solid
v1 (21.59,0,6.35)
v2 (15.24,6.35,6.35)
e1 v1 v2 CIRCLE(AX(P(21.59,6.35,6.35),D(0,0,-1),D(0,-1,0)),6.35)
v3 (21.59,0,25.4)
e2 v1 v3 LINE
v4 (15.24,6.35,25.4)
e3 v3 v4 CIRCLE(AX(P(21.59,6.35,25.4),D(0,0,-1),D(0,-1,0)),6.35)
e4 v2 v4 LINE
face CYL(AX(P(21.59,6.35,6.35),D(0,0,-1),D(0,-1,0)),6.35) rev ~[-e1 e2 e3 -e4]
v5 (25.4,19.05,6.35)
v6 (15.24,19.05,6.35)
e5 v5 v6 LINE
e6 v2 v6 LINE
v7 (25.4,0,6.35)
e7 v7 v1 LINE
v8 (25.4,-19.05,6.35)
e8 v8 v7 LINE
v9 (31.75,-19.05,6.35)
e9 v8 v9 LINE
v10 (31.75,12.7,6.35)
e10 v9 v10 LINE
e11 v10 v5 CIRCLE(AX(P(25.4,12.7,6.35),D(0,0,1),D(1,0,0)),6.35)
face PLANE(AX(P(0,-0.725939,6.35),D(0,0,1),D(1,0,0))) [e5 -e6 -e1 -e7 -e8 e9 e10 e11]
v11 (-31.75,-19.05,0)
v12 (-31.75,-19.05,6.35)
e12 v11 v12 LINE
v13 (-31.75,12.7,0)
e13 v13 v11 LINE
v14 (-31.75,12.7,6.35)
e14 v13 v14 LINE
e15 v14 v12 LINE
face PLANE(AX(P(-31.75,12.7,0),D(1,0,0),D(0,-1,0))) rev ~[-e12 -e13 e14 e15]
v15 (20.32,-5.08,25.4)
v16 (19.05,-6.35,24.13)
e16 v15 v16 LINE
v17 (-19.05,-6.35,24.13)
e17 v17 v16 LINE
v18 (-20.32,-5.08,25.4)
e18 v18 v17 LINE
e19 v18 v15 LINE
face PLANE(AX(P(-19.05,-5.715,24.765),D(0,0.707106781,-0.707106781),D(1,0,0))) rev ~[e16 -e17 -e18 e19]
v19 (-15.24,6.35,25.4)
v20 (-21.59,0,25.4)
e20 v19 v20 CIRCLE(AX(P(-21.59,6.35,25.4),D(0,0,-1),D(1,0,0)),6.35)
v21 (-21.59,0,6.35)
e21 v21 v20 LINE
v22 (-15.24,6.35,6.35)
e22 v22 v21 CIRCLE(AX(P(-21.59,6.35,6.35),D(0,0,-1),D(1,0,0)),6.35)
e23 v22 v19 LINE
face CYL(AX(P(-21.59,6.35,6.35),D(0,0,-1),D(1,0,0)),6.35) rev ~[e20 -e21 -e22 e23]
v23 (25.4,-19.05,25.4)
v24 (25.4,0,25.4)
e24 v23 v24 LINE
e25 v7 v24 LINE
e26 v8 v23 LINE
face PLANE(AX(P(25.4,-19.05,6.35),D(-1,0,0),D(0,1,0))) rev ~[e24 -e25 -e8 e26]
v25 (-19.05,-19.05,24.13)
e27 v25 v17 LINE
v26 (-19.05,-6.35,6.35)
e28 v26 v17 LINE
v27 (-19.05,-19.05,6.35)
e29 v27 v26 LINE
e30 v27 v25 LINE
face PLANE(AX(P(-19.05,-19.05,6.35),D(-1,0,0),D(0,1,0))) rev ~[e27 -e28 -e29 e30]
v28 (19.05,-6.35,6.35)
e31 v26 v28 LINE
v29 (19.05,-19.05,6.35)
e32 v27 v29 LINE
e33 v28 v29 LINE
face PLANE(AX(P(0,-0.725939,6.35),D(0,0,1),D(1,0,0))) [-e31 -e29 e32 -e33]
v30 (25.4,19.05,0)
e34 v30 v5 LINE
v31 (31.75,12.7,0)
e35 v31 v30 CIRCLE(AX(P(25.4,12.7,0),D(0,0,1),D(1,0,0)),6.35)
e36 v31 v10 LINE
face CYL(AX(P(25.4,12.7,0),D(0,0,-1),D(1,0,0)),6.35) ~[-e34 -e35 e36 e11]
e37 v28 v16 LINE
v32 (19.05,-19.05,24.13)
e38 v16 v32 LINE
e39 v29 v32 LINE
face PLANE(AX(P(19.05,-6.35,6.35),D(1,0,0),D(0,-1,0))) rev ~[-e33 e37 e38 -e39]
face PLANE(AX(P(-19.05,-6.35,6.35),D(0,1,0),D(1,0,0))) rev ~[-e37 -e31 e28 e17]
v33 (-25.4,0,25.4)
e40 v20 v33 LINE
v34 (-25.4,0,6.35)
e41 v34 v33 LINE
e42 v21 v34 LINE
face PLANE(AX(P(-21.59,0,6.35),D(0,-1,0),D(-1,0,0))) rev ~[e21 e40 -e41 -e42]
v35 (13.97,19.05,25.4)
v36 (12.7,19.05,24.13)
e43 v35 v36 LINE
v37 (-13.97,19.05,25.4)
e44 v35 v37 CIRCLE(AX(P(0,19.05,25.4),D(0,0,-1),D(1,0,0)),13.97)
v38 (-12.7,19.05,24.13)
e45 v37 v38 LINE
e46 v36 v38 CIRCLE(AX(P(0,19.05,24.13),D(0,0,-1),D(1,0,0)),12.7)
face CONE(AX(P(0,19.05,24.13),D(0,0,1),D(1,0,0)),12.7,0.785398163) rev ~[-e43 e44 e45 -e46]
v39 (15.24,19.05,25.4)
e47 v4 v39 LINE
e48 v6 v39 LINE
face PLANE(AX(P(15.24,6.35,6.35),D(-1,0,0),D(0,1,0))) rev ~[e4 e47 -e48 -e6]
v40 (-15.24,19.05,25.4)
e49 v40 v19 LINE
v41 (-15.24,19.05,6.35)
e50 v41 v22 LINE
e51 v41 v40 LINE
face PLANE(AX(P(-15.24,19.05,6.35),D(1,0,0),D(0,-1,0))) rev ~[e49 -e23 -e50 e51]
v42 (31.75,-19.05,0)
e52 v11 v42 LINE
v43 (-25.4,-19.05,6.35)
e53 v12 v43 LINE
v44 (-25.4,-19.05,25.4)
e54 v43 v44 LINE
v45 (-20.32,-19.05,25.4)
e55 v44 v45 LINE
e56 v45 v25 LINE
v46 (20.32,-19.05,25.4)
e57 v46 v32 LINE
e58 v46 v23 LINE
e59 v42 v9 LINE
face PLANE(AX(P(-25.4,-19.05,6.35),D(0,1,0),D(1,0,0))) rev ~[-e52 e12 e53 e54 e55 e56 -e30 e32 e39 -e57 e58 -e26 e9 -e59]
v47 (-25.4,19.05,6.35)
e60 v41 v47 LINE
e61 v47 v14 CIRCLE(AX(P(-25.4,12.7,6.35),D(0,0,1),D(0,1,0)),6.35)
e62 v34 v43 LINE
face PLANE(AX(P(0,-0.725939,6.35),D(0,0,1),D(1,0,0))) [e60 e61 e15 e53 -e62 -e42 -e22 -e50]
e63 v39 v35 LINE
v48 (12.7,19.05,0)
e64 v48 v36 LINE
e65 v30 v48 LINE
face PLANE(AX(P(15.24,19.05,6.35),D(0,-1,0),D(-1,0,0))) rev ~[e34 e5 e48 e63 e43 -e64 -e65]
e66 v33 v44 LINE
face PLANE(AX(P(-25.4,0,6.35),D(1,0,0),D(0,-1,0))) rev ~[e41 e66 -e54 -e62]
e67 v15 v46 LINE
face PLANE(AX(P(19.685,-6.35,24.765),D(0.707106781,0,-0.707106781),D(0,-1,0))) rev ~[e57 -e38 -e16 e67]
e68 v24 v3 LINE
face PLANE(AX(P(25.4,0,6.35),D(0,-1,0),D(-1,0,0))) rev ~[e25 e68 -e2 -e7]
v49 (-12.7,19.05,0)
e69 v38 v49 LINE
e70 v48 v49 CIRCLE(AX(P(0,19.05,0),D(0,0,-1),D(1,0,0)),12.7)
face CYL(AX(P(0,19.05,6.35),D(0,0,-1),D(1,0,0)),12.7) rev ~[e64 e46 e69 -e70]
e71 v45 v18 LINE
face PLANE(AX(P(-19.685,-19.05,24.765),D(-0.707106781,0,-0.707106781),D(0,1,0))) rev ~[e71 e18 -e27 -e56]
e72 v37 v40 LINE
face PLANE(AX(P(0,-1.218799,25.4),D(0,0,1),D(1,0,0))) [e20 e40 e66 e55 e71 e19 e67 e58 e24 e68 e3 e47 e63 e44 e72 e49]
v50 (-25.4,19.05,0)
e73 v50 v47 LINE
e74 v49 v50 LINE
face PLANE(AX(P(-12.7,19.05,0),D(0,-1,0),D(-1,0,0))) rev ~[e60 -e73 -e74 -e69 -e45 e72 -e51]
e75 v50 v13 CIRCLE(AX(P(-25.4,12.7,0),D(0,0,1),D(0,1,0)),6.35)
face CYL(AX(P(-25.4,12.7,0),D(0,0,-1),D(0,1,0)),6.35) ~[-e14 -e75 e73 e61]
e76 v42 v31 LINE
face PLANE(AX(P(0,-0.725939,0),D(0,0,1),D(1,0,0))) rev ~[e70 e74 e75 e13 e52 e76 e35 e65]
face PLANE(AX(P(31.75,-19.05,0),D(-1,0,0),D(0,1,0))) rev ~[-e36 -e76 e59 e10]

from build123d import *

# Parameters (mm, degrees)
F1_DEPTH = 6.35
F3_DEPTH = 19.05
F4_SIZE  = 1.27


with BuildPart() as f1:
    # F0 (on Top) → F1 (new body)
    with BuildSketch(Plane.XY):
        with BuildLine():
            Line((-31.75, -19.05), (31.75, -19.05))
            Line((31.75, -19.05), (31.75, 12.7))
            ThreePointArc((31.75, 12.7), (29.8901280605, 17.1901280605), (25.4, 19.05))
            Line((25.4, 19.05), (12.7, 19.05))
            ThreePointArc((12.7, 19.05), (0, 6.35), (-12.7, 19.05))
            Line((-12.7, 19.05), (-25.4, 19.05))
            ThreePointArc((-25.4, 19.05), (-29.8901280605, 17.1901280605), (-31.75, 12.7))
            Line((-31.75, 12.7), (-31.75, -19.05))
        make_face()
    extrude(amount=F1_DEPTH)

    # F2 (on face) → F3 (join)
    with BuildSketch(Plane.XY.offset(6.35)):
        with BuildLine():
            Line((-25.4, 0), (-25.4, -19.05))
            Line((-25.4, -19.05), (-19.05, -19.05))
            Line((-19.05, -19.05), (-19.05, -6.35))
            Line((-19.05, -6.35), (19.05, -6.35))
            Line((19.05, -6.35), (19.05, -19.05))
            Line((19.05, -19.05), (25.4, -19.05))
            Line((25.4, -19.05), (25.4, 0))
            Line((25.4, 0), (21.59, 0))
            ThreePointArc((21.59, 0), (17.0998719395, 1.8598719395), (15.24, 6.35))
            Line((15.24, 6.35), (15.24, 19.05))
            Line((15.24, 19.05), (12.7, 19.05))
            ThreePointArc((12.7, 19.05), (0, 6.35), (-12.7, 19.05))
            Line((-12.7, 19.05), (-15.24, 19.05))
            Line((-15.24, 19.05), (-15.24, 6.35))
            ThreePointArc((-15.24, 6.35), (-17.0998719395, 1.8598719395), (-21.59, 0))
            Line((-21.59, 0), (-25.4, 0))
        make_face()
    extrude(amount=F3_DEPTH)

    # F4
    f4_edges = [f1.edges().sort_by_distance(p)[0] for p in [
        (0, 6.35, 25.4),
        (0, -6.35, 25.4),
        (-19.05, -12.7, 25.4),
        (19.05, -12.7, 25.4),
    ]]
    chamfer(f4_edges, length=F4_SIZE)


solid = f1.part
